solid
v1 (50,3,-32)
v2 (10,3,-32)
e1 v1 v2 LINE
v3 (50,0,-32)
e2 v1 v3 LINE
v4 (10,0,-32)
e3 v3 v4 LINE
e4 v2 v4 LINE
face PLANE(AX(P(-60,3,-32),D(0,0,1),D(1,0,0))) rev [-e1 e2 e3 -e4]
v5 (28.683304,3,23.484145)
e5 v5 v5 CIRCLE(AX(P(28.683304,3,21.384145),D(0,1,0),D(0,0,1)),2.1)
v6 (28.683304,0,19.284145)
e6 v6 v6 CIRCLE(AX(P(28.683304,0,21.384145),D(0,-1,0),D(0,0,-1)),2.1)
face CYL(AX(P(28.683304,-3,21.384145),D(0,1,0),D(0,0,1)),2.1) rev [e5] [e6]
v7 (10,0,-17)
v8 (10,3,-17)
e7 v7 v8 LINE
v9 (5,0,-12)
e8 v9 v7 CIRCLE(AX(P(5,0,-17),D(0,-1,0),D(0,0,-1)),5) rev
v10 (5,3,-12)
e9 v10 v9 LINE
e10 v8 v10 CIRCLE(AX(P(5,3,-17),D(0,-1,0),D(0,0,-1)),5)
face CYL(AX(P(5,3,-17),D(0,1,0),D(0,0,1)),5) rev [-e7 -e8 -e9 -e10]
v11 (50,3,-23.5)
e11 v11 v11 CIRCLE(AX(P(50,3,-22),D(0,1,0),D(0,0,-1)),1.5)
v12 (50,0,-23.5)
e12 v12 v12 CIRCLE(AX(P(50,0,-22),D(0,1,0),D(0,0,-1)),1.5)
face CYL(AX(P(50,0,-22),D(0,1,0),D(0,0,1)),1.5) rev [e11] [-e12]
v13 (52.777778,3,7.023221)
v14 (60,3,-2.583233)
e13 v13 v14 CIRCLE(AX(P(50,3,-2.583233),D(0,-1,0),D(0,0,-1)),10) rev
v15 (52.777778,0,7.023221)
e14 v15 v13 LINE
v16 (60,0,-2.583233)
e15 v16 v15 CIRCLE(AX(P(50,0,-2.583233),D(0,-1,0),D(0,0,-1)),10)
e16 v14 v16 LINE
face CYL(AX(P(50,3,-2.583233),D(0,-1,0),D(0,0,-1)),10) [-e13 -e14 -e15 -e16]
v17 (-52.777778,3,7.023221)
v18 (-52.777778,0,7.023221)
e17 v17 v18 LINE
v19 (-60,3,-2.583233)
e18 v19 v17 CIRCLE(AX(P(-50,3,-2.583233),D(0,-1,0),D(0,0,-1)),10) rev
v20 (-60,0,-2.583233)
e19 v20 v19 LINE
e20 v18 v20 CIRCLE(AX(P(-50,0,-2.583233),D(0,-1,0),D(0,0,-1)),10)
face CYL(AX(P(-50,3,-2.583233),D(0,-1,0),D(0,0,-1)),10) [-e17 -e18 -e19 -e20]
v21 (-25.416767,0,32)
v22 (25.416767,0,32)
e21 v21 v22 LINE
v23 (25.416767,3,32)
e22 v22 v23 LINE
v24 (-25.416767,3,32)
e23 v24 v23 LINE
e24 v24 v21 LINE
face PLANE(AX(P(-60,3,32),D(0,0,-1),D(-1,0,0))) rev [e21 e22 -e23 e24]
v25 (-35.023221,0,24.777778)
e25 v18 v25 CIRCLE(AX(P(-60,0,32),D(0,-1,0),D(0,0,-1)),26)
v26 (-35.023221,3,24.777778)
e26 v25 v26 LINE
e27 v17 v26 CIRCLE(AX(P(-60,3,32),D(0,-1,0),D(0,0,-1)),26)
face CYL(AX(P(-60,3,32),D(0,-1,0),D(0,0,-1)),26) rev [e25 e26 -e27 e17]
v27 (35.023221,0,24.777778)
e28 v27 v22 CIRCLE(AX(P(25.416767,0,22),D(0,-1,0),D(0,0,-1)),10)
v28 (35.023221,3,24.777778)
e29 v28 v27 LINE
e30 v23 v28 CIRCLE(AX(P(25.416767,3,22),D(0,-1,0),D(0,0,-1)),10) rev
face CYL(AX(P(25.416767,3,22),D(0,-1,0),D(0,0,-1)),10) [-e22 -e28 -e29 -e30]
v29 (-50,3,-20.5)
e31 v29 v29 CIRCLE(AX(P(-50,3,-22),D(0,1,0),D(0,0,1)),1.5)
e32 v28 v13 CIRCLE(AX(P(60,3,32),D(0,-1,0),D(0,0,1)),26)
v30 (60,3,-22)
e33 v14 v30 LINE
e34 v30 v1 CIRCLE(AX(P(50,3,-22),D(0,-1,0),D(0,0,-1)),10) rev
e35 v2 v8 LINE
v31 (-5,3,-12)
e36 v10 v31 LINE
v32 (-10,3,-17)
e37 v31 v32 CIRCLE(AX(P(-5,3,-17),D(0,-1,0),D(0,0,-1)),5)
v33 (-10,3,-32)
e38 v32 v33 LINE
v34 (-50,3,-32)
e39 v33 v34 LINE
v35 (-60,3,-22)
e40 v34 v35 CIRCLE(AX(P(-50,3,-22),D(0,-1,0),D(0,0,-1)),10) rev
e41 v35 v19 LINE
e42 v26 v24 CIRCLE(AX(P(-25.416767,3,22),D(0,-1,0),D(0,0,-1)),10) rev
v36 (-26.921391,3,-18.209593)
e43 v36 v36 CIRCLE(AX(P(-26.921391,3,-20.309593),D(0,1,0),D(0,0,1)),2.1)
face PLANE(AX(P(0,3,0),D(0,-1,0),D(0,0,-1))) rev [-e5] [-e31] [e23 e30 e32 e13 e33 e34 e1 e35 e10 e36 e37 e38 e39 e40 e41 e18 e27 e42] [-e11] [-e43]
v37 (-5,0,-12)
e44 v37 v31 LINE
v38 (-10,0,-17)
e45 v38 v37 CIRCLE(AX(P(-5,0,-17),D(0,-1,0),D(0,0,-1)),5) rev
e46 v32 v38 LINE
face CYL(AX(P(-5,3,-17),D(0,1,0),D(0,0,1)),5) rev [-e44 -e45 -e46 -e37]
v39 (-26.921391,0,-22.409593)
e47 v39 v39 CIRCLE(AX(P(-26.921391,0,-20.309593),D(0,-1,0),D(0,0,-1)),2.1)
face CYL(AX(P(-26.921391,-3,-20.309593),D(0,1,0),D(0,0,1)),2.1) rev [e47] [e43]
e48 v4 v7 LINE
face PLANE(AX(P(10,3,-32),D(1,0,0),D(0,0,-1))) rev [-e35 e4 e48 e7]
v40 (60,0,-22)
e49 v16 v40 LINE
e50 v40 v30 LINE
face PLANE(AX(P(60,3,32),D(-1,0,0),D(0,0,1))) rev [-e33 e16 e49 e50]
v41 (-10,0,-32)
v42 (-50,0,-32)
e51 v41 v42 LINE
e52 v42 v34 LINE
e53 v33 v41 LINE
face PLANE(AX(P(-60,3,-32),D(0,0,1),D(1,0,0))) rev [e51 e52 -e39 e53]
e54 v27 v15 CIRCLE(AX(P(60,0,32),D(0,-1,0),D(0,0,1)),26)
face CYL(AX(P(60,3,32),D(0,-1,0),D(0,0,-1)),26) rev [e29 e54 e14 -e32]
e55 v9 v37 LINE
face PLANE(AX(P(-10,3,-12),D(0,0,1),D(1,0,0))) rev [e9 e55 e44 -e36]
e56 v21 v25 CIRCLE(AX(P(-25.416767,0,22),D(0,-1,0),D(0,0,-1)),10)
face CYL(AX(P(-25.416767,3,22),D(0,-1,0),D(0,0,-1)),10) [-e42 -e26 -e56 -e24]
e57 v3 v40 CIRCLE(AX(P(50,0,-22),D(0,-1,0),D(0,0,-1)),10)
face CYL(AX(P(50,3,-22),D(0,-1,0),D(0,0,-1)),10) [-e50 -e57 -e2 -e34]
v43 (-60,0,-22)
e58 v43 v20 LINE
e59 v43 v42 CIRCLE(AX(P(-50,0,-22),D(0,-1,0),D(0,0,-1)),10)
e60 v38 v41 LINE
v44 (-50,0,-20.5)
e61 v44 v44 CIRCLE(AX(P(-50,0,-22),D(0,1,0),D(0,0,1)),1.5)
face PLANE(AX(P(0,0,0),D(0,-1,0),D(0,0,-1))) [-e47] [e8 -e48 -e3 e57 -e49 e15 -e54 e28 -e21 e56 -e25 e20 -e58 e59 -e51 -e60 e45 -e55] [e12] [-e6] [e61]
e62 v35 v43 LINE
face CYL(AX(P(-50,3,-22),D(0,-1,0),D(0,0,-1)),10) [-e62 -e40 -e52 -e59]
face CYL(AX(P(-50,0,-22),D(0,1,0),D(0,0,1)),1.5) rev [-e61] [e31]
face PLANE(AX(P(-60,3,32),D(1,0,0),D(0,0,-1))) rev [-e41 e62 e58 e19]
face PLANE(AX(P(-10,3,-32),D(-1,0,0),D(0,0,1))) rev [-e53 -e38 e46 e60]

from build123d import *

# Parameters (mm, degrees)
SKETCH_1_W          = 120
SKETCH_1_H          = 64
EXTRUDE_1_DEPTH     = 3
SKETCH_2_R          = 1.5
CUT_EXTRUDE_1_DEPTH = 3
FILLET_1_R          = 10
SKETCH_3_W          = 20
SKETCH_3_H          = 20
CUT_EXTRUDE_2_DEPTH = 3
SKETCH_4_R          = 26
CUT_EXTRUDE_3_DEPTH = 3
FILLET_2_R          = 5
FILLET_3_R          = 10
FILLET_4_R          = 10
SKETCH_6_R          = 2.1
CUT_EXTRUDE_5_DEPTH = 6


with BuildPart() as part:
    # 草图1 → 凸台-拉伸1 (new body)
    with BuildSketch(Plane(origin=(0, 0, 0), x_dir=(1, 0, 0), z_dir=(0, 1, 0))):
        Rectangle(SKETCH_1_W, SKETCH_1_H)
    extrude(amount=EXTRUDE_1_DEPTH)

    # 草图2 → 切除-拉伸1 (cut)
    with BuildSketch(Plane(origin=(0, 3, 0), x_dir=(1, 0, 0), z_dir=(0, 1, 0))):
        with Locations(Location((-50, 22, 0), (0, 0, 270))):
            Circle(SKETCH_2_R)
        with Locations(Location((50, 22, 0), (0, 0, 90))):
            Circle(SKETCH_2_R)
    extrude(amount=-CUT_EXTRUDE_1_DEPTH, mode=Mode.SUBTRACT)

    # 圆角1
    fillet_1_edges = [part.edges().sort_by_distance(p)[0] for p in [
        (-60, 1.5, -32),
        (60, 1.5, -32),
    ]]
    fillet(fillet_1_edges, radius=FILLET_1_R)

    # 草图3 → 切除-拉伸2 (cut)
    with BuildSketch(Plane.XZ):
        with Locations((0, -22)):
            Rectangle(SKETCH_3_W, SKETCH_3_H)
    extrude(amount=-CUT_EXTRUDE_2_DEPTH, mode=Mode.SUBTRACT)

    # 草图4 → 切除-拉伸3 (cut)
    with BuildSketch(Plane.XZ):
        with Locations((-60, 32)):
            Circle(SKETCH_4_R)
        with Locations((60, 32)):
            Circle(SKETCH_4_R)
    extrude(amount=-CUT_EXTRUDE_3_DEPTH, mode=Mode.SUBTRACT)

    # 圆角2
    fillet_2_edges = [part.edges().sort_by_distance(p)[0] for p in [
        (-10, 1.5, -12),
        (10, 1.5, -12),
    ]]
    fillet(fillet_2_edges, radius=FILLET_2_R)

    # 圆角3
    fillet_3_edges = [part.edges().sort_by_distance(p)[0] for p in [
        (-60, 1.5, 6),
        (60, 1.5, 6),
    ]]
    fillet(fillet_3_edges, radius=FILLET_3_R)

    # 圆角4
    fillet_4_edges = [part.edges().sort_by_distance(p)[0] for p in [
        (-34, 1.5, 32),
        (34, 1.5, 32),
    ]]
    fillet(fillet_4_edges, radius=FILLET_4_R)

    # 草图6 → 切除-拉伸5 (cut)
    with BuildSketch(Plane(origin=(0, 3, 189.146349293), x_dir=(0, 0, 1), z_dir=(0, 1, 0))):
        with Locations((-209.45594255, -26.921391455)):
            Circle(SKETCH_6_R)
        with Locations((-167.762204108, 28.683304163)):
            Circle(SKETCH_6_R)
    extrude(amount=-CUT_EXTRUDE_5_DEPTH, mode=Mode.SUBTRACT)


solid = part.part
